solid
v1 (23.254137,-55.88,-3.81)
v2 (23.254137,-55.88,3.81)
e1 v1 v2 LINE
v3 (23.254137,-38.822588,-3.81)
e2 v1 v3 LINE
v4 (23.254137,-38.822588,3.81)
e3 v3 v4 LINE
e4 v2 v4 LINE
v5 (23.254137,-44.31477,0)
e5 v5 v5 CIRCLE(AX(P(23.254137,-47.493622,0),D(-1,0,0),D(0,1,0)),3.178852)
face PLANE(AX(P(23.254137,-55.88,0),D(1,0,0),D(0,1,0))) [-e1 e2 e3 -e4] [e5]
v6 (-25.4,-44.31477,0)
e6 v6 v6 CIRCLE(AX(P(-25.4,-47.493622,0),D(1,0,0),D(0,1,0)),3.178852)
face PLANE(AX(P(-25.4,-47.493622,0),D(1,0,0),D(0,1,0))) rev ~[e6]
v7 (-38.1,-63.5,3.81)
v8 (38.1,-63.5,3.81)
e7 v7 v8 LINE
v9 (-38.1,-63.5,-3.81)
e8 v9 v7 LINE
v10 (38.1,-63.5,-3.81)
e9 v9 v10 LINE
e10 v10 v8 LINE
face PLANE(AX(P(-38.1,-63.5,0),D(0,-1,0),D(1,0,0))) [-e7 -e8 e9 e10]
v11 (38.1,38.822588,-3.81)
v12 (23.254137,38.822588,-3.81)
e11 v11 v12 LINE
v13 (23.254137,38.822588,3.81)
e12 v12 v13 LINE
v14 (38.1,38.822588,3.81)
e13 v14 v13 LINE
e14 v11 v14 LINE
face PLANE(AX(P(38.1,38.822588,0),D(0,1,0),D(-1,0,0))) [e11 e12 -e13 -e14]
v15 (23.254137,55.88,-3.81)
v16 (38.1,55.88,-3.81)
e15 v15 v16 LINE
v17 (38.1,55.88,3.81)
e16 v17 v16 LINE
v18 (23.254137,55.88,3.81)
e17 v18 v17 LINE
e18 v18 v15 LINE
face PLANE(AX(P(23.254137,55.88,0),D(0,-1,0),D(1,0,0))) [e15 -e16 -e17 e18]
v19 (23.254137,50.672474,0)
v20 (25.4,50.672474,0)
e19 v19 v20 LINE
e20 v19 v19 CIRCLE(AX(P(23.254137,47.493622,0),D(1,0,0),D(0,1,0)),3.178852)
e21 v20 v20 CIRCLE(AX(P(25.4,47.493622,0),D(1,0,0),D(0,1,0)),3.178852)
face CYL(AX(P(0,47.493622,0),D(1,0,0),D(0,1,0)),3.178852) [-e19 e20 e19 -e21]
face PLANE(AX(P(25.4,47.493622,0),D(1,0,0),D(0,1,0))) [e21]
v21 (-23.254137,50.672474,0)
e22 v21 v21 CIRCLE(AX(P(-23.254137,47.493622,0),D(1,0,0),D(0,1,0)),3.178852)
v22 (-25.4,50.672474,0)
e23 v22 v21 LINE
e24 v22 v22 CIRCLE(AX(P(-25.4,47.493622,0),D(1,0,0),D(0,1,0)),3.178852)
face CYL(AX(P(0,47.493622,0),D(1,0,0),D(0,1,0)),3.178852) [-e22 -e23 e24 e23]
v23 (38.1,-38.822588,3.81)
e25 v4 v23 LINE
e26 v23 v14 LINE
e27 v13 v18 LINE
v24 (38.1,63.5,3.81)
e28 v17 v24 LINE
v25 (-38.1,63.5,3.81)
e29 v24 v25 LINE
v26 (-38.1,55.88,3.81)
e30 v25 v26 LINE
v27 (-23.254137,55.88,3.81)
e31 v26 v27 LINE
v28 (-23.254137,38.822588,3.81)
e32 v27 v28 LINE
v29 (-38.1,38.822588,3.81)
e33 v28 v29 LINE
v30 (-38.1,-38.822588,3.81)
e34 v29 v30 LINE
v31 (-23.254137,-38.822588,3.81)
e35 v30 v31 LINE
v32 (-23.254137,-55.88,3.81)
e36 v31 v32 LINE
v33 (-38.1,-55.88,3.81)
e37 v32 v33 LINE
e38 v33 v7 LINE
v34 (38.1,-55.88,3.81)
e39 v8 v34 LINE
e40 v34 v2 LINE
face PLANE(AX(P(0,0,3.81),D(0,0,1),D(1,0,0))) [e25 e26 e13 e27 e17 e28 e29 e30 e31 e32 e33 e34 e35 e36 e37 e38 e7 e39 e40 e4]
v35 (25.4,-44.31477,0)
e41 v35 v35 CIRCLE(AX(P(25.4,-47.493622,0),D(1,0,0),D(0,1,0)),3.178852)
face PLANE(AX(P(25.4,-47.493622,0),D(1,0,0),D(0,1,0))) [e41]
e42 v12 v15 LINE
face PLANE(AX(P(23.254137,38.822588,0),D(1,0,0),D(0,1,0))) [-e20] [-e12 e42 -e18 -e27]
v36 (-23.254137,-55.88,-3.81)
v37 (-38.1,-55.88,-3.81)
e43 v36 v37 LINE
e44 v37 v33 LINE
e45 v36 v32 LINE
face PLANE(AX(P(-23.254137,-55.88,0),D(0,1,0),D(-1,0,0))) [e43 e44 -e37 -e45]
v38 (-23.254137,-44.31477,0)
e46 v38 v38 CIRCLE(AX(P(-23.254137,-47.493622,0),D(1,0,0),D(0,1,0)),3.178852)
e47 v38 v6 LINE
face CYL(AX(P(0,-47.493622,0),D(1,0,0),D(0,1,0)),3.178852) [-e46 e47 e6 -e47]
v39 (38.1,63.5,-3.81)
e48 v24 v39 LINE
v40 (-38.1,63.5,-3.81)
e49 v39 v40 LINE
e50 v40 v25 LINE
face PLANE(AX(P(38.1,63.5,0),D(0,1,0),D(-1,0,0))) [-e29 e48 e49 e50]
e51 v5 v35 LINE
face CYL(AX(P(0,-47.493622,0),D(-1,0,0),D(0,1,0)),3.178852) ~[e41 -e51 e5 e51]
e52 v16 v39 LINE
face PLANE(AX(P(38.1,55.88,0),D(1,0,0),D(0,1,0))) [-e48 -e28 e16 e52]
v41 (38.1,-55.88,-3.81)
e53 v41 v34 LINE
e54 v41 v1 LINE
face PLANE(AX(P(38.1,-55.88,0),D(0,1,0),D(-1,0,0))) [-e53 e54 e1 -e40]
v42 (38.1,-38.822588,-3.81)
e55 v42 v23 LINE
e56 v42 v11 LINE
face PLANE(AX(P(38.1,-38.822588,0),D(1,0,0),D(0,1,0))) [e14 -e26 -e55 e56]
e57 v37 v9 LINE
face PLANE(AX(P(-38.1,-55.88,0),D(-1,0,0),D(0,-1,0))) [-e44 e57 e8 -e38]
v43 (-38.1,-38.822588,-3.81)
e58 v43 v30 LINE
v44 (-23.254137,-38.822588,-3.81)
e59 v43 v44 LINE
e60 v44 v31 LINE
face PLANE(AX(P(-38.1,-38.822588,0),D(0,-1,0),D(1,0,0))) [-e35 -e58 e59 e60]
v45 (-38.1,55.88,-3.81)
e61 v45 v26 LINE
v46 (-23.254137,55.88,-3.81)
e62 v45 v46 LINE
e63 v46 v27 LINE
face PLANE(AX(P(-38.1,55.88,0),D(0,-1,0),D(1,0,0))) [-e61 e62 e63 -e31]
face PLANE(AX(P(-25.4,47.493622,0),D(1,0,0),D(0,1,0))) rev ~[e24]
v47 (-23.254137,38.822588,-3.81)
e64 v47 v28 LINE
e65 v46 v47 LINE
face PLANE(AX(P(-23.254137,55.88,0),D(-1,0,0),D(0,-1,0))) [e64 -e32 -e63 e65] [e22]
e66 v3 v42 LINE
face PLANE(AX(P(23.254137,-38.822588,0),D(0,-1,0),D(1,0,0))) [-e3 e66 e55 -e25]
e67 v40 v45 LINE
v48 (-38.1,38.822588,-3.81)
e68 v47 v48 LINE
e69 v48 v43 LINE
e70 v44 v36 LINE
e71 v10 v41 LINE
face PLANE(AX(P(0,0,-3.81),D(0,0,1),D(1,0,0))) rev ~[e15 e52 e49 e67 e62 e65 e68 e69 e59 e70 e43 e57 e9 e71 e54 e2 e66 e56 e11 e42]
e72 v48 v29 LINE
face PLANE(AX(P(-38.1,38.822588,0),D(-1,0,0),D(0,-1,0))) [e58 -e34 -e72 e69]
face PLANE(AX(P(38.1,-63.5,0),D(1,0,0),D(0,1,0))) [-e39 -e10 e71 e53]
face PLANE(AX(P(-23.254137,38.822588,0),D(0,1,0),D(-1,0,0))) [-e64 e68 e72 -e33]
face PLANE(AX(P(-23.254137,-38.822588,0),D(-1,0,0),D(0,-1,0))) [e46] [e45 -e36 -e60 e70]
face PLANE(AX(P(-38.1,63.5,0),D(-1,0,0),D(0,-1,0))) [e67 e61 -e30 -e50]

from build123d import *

# Parameters (mm, degrees)
F1_DEPTH = 3.81
F2_R     = 3.178852
F3_DEPTH = 25.4


with BuildPart() as f1:
    # F0 (on Top) → F1 (new body, symmetric)
    with BuildSketch(Plane.XY):
        Polygon((38.1, 63.5), (30.48, 63.5), (-30.48, 63.5), (-38.1, 63.5), (-38.1, 55.88), (-23.254137, 55.88), (-23.254137, 38.822588), (-38.1, 38.822588), (-38.1, -38.822588), (-23.254137, -38.822588), (-23.254137, -55.88), (-38.1, -55.88), (-38.1, -63.5), (38.1, -63.5), (38.1, -55.88), (23.254137, -55.88), (23.254137, -38.822588), (38.1, -38.822588), (38.1, 38.822588), (23.254137, 38.822588), (23.254137, 55.88), (38.1, 55.88), align=None)
    extrude(amount=F1_DEPTH, both=True)

    # F2 (on Right) → F3 (join, symmetric)
    with BuildSketch(Plane.YZ):
        with Locations((-47.493622, 0)):
            Circle(F2_R)
        with Locations((47.493622, 0)):
            Circle(F2_R)
    extrude(amount=F3_DEPTH, both=True)


solid = f1.part
